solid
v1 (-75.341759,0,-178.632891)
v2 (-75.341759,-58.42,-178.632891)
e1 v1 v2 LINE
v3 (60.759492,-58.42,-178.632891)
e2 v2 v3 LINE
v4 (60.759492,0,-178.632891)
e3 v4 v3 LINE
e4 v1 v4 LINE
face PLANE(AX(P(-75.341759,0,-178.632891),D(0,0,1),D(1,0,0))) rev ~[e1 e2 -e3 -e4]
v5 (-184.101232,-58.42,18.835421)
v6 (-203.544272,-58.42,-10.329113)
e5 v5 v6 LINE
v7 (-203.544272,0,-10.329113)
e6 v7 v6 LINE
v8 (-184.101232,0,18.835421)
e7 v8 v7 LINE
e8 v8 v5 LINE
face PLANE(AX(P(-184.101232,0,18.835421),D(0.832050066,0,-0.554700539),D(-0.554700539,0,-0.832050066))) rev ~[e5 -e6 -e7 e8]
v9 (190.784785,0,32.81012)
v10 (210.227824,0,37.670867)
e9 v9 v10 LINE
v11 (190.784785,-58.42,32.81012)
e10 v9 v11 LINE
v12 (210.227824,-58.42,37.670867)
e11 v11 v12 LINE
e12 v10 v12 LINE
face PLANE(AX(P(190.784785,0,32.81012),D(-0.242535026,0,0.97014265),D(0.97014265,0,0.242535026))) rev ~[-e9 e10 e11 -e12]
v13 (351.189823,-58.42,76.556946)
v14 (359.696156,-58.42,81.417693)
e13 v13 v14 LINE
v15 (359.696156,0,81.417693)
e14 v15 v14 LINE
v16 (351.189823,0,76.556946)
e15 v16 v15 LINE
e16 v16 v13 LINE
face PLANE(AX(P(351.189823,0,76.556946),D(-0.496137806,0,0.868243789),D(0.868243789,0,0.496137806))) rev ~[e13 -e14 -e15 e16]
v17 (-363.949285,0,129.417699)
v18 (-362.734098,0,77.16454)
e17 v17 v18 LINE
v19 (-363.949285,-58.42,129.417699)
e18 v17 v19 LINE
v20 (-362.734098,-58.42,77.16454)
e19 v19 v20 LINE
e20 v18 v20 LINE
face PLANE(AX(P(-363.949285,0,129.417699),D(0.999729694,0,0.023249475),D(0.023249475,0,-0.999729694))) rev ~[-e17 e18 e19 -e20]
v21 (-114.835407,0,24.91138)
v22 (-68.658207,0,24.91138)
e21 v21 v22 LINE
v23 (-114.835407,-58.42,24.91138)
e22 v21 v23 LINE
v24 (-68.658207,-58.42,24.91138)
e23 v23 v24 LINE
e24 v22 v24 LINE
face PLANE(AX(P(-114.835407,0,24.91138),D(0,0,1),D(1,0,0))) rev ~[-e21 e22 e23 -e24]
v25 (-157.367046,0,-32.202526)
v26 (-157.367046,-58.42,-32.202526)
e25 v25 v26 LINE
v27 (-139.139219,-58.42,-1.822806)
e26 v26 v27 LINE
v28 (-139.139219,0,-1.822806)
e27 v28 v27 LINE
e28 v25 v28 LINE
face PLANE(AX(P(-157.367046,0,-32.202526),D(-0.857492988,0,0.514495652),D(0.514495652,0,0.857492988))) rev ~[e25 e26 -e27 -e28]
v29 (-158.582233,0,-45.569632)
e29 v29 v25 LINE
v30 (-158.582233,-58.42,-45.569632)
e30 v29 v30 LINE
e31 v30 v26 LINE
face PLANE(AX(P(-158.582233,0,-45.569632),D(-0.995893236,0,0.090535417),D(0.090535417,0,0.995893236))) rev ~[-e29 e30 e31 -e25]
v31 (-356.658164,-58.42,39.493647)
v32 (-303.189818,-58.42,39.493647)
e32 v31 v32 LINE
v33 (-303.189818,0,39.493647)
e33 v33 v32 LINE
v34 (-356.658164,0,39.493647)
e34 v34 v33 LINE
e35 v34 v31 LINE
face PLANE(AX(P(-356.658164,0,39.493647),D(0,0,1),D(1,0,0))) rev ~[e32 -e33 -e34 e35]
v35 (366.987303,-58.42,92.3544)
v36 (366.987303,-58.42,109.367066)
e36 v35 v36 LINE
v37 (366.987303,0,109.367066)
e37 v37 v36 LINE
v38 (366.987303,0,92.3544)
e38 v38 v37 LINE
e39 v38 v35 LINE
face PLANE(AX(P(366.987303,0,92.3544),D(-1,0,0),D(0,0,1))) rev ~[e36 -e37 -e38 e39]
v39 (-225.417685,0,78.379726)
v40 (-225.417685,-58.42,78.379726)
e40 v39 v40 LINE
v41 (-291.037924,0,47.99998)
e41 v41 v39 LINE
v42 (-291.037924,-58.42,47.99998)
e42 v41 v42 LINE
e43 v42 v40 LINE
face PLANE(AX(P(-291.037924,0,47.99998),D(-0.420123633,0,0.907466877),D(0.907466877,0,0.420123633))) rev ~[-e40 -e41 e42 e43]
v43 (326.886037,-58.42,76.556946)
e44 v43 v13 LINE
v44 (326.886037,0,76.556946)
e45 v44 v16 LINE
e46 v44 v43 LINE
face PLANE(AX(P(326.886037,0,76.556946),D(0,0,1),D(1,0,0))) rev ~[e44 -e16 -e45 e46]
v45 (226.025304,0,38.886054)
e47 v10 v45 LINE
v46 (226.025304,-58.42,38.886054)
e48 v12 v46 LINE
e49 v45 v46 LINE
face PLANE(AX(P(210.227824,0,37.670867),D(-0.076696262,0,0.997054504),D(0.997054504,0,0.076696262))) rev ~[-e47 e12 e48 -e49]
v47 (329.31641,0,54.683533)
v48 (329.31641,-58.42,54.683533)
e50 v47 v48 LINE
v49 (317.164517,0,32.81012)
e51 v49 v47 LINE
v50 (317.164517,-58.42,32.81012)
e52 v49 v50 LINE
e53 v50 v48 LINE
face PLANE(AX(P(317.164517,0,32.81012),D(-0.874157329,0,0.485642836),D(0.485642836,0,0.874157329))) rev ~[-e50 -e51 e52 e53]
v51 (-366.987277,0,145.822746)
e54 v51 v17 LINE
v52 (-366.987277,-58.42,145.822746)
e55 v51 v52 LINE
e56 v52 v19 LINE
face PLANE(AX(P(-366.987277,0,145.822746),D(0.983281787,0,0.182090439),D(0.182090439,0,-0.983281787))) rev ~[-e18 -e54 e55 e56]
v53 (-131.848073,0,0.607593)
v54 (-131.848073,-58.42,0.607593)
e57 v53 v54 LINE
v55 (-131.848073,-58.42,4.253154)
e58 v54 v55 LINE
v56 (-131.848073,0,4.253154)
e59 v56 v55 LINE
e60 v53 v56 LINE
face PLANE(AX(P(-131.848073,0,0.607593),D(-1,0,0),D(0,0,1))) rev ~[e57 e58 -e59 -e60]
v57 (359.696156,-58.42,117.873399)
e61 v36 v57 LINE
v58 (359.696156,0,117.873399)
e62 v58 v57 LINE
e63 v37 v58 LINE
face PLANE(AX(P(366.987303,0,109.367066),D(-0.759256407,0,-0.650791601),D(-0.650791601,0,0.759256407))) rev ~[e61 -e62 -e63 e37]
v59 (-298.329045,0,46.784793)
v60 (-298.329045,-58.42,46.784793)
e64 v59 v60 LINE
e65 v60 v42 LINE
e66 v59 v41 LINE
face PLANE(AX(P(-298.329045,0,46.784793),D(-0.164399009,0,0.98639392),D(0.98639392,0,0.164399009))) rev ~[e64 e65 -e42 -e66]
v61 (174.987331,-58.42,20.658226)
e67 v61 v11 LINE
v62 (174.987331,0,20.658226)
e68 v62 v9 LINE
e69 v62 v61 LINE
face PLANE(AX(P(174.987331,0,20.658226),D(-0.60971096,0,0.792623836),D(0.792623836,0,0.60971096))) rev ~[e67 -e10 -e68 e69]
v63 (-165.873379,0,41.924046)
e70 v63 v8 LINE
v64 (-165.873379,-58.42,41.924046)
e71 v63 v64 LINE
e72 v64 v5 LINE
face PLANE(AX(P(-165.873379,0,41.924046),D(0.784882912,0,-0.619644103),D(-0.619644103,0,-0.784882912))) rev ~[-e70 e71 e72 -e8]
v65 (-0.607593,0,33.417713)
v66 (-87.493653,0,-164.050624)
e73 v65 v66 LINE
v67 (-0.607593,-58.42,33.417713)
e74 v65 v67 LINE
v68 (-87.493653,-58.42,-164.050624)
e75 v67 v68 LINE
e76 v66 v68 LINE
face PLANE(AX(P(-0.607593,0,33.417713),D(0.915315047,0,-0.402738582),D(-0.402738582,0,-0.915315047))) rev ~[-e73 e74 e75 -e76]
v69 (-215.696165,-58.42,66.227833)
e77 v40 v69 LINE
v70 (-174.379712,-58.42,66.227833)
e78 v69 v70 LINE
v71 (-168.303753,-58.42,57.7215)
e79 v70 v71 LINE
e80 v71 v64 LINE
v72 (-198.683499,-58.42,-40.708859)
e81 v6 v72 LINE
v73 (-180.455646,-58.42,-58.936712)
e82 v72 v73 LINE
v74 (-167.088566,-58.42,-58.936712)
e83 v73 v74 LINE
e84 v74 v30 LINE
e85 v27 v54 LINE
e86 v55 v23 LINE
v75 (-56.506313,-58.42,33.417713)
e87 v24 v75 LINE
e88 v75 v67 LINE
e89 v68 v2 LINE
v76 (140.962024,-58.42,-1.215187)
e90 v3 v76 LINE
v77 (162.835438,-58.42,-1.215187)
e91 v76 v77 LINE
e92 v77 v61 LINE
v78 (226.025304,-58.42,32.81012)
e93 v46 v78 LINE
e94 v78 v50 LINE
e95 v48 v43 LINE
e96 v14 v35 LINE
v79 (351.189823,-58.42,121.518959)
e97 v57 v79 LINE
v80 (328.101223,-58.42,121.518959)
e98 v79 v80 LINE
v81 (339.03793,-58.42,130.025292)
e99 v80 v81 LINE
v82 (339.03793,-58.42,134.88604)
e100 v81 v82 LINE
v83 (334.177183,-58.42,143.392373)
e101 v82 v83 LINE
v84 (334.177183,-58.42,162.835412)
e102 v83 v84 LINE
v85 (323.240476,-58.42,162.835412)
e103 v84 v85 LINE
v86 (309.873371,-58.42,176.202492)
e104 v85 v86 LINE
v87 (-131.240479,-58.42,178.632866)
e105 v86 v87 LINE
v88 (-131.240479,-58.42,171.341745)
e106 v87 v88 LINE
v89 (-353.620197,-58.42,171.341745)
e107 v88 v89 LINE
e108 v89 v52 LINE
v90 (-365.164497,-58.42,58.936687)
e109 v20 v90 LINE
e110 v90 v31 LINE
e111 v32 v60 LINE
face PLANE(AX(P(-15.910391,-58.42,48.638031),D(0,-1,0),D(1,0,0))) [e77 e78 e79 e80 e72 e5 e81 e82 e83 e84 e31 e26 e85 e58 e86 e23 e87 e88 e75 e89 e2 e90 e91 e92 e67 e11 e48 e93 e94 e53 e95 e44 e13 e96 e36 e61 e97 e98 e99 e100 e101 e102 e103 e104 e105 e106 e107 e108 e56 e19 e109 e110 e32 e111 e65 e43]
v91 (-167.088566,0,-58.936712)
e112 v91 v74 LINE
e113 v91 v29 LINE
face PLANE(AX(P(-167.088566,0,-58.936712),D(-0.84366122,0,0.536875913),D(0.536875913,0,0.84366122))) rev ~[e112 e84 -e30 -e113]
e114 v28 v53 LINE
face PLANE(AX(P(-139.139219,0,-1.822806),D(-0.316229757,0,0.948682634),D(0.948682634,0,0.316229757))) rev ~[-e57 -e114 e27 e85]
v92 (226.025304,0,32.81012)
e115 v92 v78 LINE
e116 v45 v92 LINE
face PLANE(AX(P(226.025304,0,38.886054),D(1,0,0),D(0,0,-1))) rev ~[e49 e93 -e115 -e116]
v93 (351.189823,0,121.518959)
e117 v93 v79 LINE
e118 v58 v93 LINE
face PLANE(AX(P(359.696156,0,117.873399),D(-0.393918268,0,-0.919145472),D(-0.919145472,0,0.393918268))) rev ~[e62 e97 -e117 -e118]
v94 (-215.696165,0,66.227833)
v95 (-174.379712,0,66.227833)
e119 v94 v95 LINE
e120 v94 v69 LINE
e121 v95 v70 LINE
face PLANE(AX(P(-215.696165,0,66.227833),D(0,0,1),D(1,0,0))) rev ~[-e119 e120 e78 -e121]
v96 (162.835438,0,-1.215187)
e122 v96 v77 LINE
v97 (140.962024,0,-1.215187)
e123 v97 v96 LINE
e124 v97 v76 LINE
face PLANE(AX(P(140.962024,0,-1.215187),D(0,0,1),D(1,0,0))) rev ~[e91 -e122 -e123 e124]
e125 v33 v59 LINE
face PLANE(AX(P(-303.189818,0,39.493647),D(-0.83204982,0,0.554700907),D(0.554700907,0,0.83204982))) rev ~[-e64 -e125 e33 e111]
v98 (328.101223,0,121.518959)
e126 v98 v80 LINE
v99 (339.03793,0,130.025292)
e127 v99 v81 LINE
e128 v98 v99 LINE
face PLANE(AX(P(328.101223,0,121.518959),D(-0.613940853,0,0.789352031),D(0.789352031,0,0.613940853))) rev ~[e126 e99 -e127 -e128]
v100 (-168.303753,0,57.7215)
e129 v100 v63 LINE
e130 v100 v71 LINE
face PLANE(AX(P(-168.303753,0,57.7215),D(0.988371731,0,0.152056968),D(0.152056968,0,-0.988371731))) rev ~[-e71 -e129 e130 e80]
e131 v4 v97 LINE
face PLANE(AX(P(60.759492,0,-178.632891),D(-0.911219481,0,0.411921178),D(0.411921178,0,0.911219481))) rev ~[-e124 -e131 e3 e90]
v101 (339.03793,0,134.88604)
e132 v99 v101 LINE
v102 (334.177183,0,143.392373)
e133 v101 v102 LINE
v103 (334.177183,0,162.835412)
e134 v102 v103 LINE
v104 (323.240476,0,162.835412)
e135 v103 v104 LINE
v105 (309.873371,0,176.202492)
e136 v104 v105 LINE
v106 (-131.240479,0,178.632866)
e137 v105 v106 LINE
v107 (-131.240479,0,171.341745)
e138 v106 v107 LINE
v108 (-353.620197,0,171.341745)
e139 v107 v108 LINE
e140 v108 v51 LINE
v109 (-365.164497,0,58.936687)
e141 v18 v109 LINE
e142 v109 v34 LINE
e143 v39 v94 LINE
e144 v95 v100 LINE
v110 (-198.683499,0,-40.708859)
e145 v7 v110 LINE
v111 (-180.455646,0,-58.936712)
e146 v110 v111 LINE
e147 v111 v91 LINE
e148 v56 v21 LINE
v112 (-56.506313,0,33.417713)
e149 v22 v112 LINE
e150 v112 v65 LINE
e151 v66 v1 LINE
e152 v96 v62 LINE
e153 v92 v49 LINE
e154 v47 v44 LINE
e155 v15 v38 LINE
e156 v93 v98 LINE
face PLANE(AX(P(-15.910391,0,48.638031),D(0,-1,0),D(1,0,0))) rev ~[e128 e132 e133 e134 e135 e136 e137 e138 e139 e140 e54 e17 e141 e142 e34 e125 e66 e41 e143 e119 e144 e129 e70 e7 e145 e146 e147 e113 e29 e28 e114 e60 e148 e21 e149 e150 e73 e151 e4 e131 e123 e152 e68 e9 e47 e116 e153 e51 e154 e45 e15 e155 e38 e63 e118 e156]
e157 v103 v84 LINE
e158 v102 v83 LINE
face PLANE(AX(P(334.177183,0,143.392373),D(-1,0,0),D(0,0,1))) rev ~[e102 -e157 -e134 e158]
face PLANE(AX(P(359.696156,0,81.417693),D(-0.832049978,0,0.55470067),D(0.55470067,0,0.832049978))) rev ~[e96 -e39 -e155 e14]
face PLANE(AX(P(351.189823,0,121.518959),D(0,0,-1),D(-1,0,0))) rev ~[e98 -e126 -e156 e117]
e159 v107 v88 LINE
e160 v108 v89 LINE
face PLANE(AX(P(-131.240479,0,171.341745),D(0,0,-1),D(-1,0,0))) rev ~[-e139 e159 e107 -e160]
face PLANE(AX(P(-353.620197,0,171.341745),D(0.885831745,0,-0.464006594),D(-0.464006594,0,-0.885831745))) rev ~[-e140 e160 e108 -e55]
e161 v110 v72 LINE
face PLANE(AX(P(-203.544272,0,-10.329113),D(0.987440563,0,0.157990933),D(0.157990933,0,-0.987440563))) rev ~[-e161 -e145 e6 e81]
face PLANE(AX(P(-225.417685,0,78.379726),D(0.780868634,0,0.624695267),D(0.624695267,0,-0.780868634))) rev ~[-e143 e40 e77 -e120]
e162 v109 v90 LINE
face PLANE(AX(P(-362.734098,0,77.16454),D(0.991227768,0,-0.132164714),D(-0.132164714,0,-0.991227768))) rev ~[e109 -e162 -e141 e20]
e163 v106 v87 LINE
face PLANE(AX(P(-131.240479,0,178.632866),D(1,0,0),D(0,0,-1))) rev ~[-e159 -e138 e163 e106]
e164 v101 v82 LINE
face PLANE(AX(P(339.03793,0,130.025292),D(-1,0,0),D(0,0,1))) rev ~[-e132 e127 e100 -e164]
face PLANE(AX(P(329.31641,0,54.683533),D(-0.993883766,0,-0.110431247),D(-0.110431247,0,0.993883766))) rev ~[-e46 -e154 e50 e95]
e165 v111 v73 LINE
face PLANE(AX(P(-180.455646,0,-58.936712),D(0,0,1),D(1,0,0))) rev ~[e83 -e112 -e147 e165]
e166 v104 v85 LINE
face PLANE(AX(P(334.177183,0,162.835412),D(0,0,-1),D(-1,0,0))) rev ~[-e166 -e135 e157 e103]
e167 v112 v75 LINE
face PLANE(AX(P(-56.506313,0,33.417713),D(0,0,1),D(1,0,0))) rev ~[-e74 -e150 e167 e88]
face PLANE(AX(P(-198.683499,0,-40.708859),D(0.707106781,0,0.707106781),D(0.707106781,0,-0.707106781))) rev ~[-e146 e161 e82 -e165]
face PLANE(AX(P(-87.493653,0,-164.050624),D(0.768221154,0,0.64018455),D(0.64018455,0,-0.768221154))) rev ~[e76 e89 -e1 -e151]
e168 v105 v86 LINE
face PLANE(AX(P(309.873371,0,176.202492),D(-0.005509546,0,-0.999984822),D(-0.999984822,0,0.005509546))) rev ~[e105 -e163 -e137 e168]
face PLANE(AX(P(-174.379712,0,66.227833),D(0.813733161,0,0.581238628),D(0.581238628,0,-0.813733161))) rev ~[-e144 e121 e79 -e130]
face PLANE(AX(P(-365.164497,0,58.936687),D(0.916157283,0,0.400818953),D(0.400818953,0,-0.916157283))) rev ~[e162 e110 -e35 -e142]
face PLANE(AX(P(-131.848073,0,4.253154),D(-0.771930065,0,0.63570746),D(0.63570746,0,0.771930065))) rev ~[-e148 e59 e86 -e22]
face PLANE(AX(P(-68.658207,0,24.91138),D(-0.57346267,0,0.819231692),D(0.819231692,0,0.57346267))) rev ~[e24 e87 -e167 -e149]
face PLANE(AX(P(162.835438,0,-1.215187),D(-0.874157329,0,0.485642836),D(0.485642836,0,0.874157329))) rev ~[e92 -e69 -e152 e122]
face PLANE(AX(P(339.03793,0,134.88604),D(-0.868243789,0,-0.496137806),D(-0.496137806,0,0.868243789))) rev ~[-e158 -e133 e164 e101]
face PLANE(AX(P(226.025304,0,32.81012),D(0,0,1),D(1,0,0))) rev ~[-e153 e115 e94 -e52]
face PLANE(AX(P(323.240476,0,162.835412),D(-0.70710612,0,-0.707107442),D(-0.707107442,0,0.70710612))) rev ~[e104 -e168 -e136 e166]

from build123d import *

# Parameters (mm, degrees)
F1_DEPTH = 58.42


with BuildPart() as f1:
    # F0 (on Front) → F1 (new body)
    with BuildSketch(Plane.XZ):
        Polygon((-353.620197, 171.341745), (-366.987277, 145.822746), (-363.949285, 129.417699), (-362.734098, 77.16454), (-365.164497, 58.936687), (-356.658164, 39.493647), (-303.189818, 39.493647), (-298.329045, 46.784793), (-291.037924, 47.99998), (-225.417685, 78.379726), (-215.696165, 66.227833), (-174.379712, 66.227833), (-168.303753, 57.7215), (-165.873379, 41.924046), (-184.101232, 18.835421), (-203.544272, -10.329113), (-198.683499, -40.708859), (-180.455646, -58.936712), (-167.088566, -58.936712), (-158.582233, -45.569632), (-157.367046, -32.202526), (-139.139219, -1.822806), (-131.848073, 0.607593), (-131.848073, 4.253154), (-114.835407, 24.91138), (-68.658207, 24.91138), (-56.506313, 33.417713), (-0.607593, 33.417713), (-87.493653, -164.050624), (-75.341759, -178.632891), (60.759492, -178.632891), (140.962024, -1.215187), (162.835438, -1.215187), (174.987331, 20.658226), (190.784785, 32.81012), (210.227824, 37.670867), (226.025304, 38.886054), (226.025304, 32.81012), (317.164517, 32.81012), (329.31641, 54.683533), (326.886037, 76.556946), (351.189823, 76.556946), (359.696156, 81.417693), (366.987303, 92.3544), (366.987303, 109.367066), (359.696156, 117.873399), (351.189823, 121.518959), (328.101223, 121.518959), (339.03793, 130.025292), (339.03793, 134.88604), (334.177183, 143.392373), (334.177183, 162.835412), (323.240476, 162.835412), (309.873371, 176.202492), (-131.240479, 178.632866), (-131.240479, 171.341745), align=None)
    extrude(amount=F1_DEPTH)


solid = f1.part
